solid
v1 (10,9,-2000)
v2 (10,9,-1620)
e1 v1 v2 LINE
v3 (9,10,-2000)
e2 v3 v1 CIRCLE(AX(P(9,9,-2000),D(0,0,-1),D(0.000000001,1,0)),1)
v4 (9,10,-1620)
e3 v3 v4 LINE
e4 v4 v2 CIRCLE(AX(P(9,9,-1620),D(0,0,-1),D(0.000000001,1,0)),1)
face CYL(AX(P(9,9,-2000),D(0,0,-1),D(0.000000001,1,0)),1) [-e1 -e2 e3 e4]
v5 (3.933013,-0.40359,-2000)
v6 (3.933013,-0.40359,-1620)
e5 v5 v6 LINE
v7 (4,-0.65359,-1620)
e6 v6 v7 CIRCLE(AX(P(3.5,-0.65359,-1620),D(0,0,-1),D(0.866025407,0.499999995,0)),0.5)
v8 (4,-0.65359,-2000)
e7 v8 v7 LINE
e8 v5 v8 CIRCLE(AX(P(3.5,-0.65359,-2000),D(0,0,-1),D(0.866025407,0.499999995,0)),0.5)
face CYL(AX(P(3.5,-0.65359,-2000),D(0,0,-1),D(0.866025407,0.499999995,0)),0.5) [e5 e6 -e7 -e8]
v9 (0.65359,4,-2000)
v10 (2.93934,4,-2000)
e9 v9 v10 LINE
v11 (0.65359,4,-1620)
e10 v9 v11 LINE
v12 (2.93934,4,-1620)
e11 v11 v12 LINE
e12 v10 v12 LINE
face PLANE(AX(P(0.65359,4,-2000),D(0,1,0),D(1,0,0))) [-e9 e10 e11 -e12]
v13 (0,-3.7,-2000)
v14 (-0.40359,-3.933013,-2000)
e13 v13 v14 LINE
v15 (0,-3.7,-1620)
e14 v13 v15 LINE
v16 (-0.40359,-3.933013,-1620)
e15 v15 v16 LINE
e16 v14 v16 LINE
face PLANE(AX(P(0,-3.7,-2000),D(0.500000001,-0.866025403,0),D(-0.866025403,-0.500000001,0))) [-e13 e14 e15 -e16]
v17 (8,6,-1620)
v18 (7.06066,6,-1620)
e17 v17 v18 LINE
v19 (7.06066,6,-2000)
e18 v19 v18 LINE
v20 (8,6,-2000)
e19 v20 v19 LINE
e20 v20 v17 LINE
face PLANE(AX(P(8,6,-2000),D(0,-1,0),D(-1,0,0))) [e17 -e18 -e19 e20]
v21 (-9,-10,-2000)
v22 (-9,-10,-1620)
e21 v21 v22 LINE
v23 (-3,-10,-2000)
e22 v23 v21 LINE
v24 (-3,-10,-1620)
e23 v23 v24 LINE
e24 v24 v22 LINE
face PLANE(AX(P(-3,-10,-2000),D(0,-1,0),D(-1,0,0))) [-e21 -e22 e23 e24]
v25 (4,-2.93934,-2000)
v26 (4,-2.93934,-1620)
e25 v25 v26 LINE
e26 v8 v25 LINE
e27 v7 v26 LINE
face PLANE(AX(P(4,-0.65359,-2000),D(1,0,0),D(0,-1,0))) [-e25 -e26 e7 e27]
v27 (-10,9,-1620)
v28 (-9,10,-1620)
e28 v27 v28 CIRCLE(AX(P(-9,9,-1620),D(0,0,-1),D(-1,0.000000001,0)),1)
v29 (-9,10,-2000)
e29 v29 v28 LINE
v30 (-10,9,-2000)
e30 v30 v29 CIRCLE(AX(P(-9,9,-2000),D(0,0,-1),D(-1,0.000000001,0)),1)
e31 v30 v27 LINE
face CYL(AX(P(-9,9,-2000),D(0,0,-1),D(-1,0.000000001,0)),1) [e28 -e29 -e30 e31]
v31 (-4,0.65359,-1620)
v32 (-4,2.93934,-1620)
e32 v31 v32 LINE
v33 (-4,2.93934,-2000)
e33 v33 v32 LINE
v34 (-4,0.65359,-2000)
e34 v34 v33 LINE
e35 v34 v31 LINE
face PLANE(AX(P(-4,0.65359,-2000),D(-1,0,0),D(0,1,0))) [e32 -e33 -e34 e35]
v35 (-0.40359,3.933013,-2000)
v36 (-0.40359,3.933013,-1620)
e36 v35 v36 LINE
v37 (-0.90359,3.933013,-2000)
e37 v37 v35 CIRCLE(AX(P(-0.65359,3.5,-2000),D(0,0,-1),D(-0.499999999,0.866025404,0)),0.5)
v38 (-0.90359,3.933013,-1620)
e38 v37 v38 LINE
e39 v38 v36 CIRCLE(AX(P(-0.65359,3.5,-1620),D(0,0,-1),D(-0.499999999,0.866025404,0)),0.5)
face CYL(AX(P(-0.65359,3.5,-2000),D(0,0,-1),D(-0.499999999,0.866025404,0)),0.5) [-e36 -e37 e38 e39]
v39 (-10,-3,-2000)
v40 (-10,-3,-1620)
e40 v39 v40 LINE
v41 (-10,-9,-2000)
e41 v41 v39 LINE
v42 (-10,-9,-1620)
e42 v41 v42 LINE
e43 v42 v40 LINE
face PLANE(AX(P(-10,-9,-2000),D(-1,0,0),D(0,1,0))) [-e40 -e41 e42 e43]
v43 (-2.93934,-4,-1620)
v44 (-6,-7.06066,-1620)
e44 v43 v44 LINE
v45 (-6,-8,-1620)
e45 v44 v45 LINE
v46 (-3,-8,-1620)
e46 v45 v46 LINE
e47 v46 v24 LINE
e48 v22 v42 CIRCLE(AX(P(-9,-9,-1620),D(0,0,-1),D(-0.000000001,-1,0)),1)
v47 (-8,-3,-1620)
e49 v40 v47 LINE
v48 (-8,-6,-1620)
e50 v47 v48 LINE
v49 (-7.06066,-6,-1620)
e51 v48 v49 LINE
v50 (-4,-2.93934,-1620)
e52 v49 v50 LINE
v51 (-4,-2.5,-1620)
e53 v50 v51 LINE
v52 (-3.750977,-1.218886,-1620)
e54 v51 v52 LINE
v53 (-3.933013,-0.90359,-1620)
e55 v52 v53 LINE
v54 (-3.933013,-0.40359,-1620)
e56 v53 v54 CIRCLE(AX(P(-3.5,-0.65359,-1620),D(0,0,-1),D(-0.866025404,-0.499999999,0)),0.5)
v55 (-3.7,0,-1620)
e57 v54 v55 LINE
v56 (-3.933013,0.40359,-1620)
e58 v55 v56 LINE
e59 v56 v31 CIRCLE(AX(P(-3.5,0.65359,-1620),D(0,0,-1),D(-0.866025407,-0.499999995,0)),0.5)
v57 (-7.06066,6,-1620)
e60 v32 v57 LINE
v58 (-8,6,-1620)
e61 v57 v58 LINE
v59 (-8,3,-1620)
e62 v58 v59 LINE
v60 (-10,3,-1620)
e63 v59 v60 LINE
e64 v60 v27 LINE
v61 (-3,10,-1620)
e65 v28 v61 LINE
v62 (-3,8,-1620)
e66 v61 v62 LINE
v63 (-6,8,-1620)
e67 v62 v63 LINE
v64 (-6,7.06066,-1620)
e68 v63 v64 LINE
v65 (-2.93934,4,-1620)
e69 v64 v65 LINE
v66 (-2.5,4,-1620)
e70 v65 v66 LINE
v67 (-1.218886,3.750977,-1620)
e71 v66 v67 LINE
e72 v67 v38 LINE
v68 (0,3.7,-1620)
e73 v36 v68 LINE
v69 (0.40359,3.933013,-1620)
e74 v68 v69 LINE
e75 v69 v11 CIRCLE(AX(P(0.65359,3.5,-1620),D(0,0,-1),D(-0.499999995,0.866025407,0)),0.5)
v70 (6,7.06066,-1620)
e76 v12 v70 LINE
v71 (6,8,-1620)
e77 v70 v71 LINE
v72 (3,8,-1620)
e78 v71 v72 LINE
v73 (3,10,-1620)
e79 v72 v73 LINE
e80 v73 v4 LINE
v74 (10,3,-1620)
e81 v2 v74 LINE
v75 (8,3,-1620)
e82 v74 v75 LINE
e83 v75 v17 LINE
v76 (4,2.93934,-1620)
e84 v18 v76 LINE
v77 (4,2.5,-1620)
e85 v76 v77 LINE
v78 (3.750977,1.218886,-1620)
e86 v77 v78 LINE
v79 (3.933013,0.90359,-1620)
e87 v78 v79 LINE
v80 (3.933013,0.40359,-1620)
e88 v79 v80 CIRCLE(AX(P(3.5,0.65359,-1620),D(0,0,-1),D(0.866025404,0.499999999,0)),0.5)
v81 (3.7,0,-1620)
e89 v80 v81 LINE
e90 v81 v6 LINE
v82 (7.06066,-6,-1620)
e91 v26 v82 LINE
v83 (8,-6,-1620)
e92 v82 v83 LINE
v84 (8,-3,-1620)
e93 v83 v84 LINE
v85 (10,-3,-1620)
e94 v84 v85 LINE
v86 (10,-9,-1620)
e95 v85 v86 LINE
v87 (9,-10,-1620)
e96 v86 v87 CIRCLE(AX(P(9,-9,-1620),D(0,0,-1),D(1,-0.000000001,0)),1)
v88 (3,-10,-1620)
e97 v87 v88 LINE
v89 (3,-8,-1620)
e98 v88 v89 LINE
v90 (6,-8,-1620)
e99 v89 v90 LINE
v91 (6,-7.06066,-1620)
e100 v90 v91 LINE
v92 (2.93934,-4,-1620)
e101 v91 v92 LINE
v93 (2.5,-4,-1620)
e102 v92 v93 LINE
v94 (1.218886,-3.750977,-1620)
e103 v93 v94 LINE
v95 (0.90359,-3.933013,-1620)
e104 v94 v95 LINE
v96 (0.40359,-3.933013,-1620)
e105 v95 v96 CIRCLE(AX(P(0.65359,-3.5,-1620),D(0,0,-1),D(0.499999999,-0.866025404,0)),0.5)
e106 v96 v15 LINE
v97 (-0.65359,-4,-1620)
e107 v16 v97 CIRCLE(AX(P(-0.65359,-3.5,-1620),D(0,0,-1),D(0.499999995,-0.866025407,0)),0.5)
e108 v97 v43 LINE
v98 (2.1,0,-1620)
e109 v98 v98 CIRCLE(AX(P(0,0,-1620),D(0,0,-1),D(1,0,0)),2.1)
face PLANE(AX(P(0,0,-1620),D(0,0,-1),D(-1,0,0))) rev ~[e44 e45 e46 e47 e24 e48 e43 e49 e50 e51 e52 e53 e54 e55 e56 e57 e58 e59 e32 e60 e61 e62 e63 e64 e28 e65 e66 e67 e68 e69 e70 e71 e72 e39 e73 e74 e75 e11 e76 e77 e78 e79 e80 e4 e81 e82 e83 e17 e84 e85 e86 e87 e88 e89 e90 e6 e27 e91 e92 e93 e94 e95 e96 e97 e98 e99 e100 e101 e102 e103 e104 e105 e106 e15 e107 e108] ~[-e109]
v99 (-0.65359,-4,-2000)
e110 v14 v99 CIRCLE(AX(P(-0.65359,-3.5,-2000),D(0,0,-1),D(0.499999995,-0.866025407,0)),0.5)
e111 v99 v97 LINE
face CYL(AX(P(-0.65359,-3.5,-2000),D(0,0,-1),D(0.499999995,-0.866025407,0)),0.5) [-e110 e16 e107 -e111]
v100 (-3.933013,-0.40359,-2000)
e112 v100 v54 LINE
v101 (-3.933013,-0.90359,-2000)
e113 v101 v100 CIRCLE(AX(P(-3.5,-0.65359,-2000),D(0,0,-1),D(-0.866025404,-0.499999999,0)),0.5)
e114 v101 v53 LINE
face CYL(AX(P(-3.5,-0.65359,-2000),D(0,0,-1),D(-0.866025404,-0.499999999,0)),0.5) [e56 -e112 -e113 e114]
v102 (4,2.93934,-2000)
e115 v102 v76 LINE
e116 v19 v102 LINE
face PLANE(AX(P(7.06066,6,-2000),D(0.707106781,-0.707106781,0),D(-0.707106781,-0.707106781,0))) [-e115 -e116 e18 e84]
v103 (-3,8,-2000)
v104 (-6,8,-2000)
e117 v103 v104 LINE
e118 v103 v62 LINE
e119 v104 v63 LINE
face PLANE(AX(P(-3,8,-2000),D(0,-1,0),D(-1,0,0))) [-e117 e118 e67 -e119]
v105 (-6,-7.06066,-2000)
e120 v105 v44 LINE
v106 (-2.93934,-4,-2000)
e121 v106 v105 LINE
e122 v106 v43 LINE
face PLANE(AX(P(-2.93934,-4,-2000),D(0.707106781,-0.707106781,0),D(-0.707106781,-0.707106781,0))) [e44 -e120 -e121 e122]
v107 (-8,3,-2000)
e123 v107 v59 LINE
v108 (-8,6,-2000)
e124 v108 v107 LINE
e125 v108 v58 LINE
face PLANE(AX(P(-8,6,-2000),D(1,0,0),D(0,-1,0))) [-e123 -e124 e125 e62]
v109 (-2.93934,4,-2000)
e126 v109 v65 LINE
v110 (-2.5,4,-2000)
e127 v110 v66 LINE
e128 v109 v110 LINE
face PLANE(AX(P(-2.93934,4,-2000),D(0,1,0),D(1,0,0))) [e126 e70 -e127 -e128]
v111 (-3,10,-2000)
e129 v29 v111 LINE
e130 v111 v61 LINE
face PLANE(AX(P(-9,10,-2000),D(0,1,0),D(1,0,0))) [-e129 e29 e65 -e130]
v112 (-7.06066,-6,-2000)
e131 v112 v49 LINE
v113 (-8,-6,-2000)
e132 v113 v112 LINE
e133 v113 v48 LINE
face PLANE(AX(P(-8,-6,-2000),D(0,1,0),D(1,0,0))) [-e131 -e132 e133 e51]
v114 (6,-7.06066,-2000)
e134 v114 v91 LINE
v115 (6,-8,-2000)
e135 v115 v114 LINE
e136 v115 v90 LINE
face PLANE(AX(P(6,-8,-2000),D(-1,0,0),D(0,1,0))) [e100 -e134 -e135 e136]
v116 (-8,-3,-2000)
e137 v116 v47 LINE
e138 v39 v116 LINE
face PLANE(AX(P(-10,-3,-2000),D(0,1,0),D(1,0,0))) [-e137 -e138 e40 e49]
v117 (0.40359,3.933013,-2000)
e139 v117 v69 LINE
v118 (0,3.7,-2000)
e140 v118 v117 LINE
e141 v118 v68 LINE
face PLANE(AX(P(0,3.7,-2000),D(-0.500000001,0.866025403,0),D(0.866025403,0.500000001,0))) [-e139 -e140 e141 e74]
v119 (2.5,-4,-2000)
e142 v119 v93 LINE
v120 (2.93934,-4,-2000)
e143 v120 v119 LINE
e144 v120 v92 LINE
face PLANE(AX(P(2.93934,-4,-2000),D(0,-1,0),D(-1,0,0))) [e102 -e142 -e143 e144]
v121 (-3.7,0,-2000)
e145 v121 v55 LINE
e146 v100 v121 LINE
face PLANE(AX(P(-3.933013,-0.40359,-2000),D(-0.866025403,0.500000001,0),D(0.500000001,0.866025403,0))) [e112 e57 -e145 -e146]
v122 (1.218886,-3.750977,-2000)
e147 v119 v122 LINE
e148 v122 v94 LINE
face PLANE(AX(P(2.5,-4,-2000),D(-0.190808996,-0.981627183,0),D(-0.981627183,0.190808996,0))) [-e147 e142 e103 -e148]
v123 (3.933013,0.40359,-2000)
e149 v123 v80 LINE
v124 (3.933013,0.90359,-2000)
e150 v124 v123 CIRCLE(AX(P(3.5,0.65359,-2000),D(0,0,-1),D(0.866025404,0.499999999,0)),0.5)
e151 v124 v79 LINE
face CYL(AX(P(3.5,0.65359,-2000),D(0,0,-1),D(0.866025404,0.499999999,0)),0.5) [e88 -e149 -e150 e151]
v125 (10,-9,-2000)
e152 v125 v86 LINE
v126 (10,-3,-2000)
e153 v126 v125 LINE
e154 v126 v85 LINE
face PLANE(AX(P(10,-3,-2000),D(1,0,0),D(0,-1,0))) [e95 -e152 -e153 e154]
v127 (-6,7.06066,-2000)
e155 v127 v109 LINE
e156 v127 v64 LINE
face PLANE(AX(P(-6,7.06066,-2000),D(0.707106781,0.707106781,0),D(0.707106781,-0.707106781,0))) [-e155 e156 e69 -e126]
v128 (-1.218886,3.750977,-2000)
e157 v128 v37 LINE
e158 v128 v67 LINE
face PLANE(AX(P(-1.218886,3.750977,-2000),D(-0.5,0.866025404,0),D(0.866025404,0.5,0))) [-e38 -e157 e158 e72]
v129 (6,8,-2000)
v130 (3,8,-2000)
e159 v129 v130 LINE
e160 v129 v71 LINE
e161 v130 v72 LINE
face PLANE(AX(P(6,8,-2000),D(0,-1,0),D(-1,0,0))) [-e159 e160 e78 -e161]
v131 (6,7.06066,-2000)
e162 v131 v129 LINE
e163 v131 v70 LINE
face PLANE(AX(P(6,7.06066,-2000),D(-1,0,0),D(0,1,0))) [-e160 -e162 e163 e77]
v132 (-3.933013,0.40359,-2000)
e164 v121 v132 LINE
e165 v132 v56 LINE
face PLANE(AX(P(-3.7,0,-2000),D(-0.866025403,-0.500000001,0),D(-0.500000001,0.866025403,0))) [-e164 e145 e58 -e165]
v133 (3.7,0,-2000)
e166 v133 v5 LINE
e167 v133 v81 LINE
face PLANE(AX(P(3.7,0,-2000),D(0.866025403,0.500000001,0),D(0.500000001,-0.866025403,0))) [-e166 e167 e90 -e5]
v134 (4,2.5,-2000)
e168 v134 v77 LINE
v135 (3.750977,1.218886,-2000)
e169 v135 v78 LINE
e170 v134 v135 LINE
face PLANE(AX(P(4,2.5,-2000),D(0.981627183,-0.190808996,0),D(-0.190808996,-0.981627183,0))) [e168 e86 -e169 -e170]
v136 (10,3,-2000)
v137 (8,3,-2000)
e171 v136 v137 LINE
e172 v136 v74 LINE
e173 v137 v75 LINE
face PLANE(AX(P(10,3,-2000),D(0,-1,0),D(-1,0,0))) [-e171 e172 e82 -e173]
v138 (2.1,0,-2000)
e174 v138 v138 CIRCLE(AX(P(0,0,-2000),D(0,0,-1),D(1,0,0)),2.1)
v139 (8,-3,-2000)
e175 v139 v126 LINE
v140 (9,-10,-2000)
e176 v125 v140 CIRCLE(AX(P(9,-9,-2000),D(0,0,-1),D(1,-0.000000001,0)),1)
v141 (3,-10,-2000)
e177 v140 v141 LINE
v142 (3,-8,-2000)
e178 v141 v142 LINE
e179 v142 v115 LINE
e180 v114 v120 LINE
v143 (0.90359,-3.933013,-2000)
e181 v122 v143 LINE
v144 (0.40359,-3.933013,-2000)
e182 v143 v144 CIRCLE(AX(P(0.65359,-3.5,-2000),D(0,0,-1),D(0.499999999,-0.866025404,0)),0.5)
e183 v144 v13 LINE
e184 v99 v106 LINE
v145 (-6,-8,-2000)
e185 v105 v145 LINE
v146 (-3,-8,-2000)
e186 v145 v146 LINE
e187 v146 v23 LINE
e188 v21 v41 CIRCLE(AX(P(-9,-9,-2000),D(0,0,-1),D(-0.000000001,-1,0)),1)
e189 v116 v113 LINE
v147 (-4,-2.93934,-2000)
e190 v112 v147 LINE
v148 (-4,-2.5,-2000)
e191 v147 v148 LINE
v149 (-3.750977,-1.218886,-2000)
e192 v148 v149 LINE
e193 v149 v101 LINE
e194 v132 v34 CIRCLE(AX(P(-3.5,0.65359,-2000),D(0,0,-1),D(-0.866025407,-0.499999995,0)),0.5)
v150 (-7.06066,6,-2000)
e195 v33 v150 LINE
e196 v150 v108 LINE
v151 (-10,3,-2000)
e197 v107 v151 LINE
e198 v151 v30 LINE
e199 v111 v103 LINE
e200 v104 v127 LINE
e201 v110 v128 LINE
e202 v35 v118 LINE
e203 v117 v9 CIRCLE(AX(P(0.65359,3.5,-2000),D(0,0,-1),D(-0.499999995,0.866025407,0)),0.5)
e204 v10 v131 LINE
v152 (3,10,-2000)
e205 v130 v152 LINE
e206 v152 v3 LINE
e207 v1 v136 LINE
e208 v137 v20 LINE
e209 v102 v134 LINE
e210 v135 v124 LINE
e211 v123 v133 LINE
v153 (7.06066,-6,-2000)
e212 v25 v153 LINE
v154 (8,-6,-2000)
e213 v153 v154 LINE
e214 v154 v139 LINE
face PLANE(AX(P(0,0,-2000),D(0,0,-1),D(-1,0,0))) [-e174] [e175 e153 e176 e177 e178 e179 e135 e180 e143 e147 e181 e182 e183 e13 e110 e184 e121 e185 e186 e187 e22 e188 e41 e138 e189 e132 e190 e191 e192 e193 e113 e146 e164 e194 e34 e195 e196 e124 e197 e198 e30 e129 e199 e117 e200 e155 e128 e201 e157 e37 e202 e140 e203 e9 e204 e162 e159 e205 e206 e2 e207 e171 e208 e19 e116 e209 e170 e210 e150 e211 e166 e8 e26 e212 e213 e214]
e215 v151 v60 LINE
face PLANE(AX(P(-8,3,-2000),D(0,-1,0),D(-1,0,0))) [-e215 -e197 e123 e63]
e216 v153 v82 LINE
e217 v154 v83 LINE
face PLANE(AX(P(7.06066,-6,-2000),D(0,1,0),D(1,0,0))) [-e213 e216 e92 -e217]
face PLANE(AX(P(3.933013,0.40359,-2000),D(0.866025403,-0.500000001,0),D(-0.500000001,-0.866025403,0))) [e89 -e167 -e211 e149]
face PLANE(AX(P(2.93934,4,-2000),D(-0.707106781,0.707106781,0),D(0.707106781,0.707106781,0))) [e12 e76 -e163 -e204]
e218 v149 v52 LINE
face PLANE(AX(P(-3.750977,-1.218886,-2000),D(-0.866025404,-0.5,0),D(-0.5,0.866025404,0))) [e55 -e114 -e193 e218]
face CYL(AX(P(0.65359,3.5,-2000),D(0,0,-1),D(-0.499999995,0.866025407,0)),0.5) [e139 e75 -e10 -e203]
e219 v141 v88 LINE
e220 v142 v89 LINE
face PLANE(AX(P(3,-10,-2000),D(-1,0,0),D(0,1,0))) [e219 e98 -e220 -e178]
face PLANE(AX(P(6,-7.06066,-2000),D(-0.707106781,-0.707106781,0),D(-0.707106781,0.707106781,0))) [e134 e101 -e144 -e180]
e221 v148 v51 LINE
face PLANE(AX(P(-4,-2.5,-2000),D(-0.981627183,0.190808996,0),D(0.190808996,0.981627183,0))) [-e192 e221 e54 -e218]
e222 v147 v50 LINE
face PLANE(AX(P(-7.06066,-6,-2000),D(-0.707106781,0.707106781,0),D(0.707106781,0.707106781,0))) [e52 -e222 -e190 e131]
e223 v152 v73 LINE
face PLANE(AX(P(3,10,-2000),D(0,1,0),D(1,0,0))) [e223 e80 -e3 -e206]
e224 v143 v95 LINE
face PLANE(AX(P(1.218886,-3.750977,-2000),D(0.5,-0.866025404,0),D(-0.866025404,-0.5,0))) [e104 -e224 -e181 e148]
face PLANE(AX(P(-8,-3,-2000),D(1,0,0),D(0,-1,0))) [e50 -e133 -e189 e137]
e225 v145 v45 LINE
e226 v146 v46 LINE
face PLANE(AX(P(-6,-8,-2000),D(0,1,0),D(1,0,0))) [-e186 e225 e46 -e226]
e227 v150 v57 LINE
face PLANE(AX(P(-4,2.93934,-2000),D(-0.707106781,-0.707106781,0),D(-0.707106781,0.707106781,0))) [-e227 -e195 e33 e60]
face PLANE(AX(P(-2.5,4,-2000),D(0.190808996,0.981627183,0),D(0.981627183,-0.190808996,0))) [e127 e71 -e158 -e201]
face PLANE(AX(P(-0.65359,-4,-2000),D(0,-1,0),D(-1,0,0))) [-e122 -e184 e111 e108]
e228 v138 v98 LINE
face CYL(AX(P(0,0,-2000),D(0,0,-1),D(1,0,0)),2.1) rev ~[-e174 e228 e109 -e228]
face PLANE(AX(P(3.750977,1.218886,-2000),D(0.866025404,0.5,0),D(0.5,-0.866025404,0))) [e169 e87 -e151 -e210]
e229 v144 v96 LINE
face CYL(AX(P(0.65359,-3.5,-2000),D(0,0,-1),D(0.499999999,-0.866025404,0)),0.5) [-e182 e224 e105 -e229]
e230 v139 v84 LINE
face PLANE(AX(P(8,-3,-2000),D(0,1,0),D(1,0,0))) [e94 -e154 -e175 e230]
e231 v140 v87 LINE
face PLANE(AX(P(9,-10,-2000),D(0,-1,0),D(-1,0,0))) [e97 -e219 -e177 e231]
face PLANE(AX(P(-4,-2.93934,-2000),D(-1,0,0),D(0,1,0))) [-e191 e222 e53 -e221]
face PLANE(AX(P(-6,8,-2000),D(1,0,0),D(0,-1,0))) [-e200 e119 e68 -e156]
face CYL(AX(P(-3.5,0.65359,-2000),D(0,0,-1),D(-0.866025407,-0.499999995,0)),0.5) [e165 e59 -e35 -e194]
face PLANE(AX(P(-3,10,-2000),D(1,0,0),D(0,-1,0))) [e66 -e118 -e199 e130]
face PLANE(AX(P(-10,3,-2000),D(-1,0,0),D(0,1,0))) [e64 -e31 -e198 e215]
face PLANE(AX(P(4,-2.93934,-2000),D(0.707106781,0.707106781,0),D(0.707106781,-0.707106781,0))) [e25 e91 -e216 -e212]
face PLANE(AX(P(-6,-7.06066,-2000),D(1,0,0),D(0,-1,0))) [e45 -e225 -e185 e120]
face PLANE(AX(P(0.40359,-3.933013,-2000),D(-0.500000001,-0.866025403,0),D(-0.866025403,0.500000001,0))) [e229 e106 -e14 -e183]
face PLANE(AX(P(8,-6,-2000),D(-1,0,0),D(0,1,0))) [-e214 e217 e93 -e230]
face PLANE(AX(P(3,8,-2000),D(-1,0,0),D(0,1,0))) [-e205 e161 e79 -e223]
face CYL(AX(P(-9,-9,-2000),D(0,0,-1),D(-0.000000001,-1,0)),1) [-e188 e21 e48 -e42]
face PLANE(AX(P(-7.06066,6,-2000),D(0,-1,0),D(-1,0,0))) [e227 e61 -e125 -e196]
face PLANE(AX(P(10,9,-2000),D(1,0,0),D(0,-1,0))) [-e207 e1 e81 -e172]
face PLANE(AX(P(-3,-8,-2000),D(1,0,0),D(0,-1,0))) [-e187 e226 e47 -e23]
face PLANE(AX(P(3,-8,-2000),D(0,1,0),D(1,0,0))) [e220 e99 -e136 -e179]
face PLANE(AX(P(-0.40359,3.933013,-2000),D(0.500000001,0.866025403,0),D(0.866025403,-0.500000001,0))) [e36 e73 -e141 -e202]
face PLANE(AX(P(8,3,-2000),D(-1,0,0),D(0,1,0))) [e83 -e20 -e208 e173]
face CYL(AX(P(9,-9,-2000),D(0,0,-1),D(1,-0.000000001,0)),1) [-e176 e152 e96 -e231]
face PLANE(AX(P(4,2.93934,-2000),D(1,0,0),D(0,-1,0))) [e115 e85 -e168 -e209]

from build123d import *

# Parameters (mm, degrees)
SKETCH1_R           = 2.1
BOSS_EXTRUDE1_DEPTH = 380


with BuildPart() as part:
    # Sketch1 → Boss-Extrude1 (new body)
    with BuildSketch(Plane(origin=(0, 0, -2000), x_dir=(-1, 0, 0), z_dir=(0, 0, -1))):
        with BuildLine():
            Line((10, -3), (8, -3))
            Line((8, -3), (8, -6))
            Line((8, -6), (7.060660172, -6))
            Line((7.060660172, -6), (4, -2.939339828))
            Line((4, -2.939339828), (4, -2.5))
            Line((4, -2.5), (3.750976592, -1.218885629))
            Line((3.750976592, -1.218885629), (3.933012702, -0.903589838))
            ThreePointArc((3.933012702, -0.903589838), (4, -0.653589838), (3.933012702, -0.403589838))
            Line((3.933012702, -0.403589838), (3.7, 0))
            Line((3.7, 0), (3.933012702, 0.403589838))
            ThreePointArc((3.933012702, 0.403589838), (3.982962913, 0.524180316), (4, 0.653589838))
            Line((4, 0.653589838), (4, 2.939339828))
            Line((4, 2.939339828), (7.060660172, 6))
            Line((7.060660172, 6), (8, 6))
            Line((8, 6), (8, 3))
            Line((8, 3), (10, 3))
            Line((10, 3), (10, 9))
            ThreePointArc((10, 9), (9.707106781, 9.707106781), (9, 10))
            Line((9, 10), (3, 10))
            Line((3, 10), (3, 8))
            Line((3, 8), (6, 8))
            Line((6, 8), (6, 7.060660172))
            Line((6, 7.060660172), (2.939339828, 4))
            Line((2.939339828, 4), (2.5, 4))
            Line((2.5, 4), (1.218885629, 3.750976592))
            Line((1.218885629, 3.750976592), (0.903589838, 3.933012702))
            ThreePointArc((0.903589838, 3.933012702), (0.653589838, 4), (0.403589838, 3.933012702))
            Line((0.403589838, 3.933012702), (0, 3.7))
            Line((0, 3.7), (-0.403589838, 3.933012702))
            ThreePointArc((-0.403589838, 3.933012702), (-0.524180316, 3.982962913), (-0.653589838, 4))
            Line((-0.653589838, 4), (-2.939339828, 4))
            Line((-2.939339828, 4), (-6, 7.060660172))
            Line((-6, 7.060660172), (-6, 8))
            Line((-6, 8), (-3, 8))
            Line((-3, 8), (-3, 10))
            Line((-3, 10), (-9, 10))
            ThreePointArc((-9, 10), (-9.707106781, 9.707106781), (-10, 9))
            Line((-10, 9), (-10, 3))
            Line((-10, 3), (-8, 3))
            Line((-8, 3), (-8, 6))
            Line((-8, 6), (-7.060660172, 6))
            Line((-7.060660172, 6), (-4, 2.939339828))
            Line((-4, 2.939339828), (-4, 2.5))
            Line((-4, 2.5), (-3.750976592, 1.218885629))
            Line((-3.750976592, 1.218885629), (-3.933012702, 0.903589838))
            ThreePointArc((-3.933012702, 0.903589838), (-4, 0.653589838), (-3.933012702, 0.403589838))
            Line((-3.933012702, 0.403589838), (-3.7, 0))
            Line((-3.7, 0), (-3.933012702, -0.403589838))
            ThreePointArc((-3.933012702, -0.403589838), (-3.982962913, -0.524180316), (-4, -0.653589838))
            Line((-4, -0.653589838), (-4, -2.939339828))
            Line((-4, -2.939339828), (-7.060660172, -6))
            Line((-7.060660172, -6), (-8, -6))
            Line((-8, -6), (-8, -3))
            Line((-8, -3), (-10, -3))
            Line((-10, -3), (-10, -9))
            ThreePointArc((-10, -9), (-9.707106781, -9.707106781), (-9, -10))
            Line((-9, -10), (-3, -10))
            Line((-3, -10), (-3, -8))
            Line((-3, -8), (-6, -8))
            Line((-6, -8), (-6, -7.060660172))
            Line((-6, -7.060660172), (-2.939339828, -4))
            Line((-2.939339828, -4), (-2.5, -4))
            Line((-2.5, -4), (-1.218885629, -3.750976592))
            Line((-1.218885629, -3.750976592), (-0.903589838, -3.933012702))
            ThreePointArc((-0.903589838, -3.933012702), (-0.653589838, -4), (-0.403589838, -3.933012702))
            Line((-0.403589838, -3.933012702), (0, -3.7))
            Line((0, -3.7), (0.403589838, -3.933012702))
            ThreePointArc((0.403589838, -3.933012702), (0.524180316, -3.982962913), (0.653589838, -4))
            Line((0.653589838, -4), (2.939339828, -4))
            Line((2.939339828, -4), (6, -7.060660172))
            Line((6, -7.060660172), (6, -8))
            Line((6, -8), (3, -8))
            Line((3, -8), (3, -10))
            Line((3, -10), (9, -10))
            ThreePointArc((9, -10), (9.707106781, -9.707106781), (10, -9))
            Line((10, -9), (10, -3))
        make_face()
        with Locations(Location((0, 0, 0), (0, 0, 180))):
            Circle(SKETCH1_R, mode=Mode.SUBTRACT)
    extrude(amount=-BOSS_EXTRUDE1_DEPTH)


solid = part.part
